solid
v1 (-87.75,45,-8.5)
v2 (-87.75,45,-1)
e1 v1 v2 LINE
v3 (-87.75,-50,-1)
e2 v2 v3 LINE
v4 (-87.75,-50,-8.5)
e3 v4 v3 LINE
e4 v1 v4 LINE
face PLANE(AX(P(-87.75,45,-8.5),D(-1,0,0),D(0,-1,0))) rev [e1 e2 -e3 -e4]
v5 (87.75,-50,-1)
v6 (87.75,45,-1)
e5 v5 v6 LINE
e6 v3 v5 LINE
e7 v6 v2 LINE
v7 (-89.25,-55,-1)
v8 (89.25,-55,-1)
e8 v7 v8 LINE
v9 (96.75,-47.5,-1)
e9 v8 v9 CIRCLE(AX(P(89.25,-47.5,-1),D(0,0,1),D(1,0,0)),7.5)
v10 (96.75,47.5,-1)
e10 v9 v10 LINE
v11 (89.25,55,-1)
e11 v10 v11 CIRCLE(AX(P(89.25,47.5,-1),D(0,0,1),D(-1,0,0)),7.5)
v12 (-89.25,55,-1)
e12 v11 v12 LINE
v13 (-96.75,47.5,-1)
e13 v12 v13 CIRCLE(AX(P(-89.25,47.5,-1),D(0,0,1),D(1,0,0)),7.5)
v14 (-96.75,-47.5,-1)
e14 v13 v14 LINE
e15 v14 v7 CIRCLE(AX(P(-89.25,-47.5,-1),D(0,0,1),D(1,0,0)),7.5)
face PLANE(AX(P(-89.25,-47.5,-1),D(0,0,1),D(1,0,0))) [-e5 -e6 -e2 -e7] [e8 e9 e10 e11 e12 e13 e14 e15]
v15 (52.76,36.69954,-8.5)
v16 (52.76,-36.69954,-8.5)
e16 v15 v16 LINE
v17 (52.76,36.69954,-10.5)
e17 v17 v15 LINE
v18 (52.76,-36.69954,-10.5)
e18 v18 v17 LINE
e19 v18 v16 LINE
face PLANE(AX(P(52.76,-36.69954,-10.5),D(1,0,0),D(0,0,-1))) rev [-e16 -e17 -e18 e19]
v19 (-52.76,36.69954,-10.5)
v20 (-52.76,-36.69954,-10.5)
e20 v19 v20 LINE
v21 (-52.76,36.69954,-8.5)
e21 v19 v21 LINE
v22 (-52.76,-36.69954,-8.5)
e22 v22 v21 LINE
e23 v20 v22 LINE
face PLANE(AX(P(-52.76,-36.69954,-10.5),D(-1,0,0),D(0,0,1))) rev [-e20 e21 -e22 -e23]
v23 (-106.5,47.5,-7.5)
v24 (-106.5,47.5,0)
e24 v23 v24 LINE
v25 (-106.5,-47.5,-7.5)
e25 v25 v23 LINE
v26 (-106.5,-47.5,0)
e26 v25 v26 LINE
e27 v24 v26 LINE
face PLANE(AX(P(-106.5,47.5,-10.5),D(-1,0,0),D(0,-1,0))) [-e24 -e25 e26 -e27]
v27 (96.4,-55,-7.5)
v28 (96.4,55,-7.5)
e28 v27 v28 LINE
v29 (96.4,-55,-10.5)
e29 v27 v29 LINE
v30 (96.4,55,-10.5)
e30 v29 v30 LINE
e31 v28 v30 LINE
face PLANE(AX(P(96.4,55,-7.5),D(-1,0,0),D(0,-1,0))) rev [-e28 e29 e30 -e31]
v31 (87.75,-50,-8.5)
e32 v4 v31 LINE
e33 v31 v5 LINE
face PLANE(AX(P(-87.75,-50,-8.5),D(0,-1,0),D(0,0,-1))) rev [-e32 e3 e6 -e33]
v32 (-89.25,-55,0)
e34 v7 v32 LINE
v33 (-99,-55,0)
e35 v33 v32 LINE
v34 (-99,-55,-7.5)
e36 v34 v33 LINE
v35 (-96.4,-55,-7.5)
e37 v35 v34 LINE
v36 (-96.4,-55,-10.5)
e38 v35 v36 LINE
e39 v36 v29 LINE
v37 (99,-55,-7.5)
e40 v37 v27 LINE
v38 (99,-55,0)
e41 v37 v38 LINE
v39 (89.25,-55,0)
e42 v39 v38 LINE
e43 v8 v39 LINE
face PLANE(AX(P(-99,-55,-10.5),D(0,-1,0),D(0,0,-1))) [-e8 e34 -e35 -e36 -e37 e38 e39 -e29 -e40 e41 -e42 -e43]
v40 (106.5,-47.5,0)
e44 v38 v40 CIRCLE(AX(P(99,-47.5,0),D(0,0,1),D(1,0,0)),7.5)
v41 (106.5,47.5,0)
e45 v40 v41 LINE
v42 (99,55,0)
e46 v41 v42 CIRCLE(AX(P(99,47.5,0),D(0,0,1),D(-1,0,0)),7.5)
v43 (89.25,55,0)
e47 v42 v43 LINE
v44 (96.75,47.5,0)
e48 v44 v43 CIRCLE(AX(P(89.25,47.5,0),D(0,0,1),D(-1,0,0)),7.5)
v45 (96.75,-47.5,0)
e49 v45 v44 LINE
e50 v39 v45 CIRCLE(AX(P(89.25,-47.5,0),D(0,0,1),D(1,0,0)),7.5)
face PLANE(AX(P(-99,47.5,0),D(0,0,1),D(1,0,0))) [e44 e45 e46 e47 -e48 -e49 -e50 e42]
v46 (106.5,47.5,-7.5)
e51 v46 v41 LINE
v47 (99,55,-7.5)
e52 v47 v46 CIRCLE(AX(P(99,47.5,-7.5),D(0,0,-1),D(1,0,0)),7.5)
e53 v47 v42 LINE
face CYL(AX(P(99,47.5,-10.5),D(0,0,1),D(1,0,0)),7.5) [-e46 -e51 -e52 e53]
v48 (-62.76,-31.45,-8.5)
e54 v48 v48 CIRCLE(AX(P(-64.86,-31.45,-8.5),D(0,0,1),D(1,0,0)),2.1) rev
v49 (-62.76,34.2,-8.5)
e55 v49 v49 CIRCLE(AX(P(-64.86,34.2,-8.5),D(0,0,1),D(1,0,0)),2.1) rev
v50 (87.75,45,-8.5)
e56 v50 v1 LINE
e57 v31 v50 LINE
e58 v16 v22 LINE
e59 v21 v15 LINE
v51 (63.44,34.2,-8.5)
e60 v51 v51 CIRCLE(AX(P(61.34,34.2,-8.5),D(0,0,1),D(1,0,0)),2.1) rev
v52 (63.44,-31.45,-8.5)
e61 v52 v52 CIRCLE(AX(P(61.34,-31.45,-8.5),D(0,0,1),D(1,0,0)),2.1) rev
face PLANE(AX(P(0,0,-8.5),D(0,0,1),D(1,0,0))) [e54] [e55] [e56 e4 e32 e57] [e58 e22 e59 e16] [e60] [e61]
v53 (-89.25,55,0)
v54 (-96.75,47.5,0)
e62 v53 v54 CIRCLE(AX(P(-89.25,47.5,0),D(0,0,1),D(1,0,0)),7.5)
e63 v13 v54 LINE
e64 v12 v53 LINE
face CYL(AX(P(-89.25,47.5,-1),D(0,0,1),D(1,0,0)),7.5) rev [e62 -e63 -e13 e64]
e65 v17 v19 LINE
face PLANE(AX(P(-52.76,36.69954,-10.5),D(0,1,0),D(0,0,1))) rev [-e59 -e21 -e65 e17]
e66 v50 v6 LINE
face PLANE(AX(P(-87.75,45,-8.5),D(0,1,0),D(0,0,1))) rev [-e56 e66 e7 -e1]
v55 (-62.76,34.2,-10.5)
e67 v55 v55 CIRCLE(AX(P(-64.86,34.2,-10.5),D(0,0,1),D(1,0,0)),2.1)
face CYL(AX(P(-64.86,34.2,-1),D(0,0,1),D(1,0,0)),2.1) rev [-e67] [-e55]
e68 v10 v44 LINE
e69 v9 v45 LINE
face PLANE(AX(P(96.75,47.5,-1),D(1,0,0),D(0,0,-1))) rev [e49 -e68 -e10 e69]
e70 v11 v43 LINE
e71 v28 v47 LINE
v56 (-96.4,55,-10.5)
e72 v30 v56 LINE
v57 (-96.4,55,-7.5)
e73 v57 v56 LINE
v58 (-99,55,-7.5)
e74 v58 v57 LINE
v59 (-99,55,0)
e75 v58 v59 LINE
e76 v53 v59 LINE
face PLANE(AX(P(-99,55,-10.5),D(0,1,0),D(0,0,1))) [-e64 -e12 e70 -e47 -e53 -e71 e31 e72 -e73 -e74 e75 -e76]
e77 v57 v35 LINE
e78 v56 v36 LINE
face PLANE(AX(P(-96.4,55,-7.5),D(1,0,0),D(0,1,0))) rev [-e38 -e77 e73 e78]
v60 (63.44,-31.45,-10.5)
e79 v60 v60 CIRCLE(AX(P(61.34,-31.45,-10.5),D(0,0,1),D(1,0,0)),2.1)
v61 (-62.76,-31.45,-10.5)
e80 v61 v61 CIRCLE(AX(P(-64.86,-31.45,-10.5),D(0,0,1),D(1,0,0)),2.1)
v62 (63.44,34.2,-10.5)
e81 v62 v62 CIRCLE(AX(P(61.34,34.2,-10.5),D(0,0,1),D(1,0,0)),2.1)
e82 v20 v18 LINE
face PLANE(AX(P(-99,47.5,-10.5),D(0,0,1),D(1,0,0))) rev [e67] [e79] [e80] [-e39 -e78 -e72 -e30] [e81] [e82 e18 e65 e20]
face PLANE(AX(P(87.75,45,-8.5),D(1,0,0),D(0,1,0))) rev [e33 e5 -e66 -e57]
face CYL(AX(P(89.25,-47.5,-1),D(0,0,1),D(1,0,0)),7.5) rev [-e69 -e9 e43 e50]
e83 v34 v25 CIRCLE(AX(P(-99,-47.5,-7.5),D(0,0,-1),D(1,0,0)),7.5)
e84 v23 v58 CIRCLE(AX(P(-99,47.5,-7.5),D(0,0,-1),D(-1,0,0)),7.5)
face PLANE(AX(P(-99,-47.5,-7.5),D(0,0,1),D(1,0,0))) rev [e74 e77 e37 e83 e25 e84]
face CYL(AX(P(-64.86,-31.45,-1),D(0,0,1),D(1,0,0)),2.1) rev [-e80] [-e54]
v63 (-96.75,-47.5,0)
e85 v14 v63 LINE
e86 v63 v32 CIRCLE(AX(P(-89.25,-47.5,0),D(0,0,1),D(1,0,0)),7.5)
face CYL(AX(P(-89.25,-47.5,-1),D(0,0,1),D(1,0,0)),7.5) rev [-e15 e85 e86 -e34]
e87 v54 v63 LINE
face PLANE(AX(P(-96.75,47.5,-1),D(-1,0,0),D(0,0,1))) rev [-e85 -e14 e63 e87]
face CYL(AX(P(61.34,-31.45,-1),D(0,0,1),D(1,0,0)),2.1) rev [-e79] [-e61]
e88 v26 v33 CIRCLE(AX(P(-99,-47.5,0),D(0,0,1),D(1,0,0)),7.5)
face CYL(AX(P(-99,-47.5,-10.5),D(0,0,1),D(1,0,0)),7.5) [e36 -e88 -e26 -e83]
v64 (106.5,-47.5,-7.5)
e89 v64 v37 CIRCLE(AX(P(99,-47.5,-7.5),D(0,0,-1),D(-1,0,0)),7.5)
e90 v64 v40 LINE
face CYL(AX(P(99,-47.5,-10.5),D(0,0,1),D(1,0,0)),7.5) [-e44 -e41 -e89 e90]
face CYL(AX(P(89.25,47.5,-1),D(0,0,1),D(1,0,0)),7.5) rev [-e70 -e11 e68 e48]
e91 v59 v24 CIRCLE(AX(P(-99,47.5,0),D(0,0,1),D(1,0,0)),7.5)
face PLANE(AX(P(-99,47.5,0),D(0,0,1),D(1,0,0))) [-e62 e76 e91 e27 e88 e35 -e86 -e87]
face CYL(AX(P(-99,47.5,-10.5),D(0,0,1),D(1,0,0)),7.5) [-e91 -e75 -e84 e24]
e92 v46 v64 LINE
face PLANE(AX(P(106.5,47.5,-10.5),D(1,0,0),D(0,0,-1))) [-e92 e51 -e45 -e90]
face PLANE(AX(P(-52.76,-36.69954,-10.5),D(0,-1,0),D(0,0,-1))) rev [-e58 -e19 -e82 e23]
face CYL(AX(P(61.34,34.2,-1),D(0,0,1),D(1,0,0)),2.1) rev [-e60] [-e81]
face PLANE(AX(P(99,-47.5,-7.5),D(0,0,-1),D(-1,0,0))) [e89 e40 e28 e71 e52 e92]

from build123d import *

# Parameters (mm, degrees)
BOSS_EXTRUDE1_DEPTH       = 10.5
CUT_EXTRUDE1_DEPTH        = 1
M5X0_8_TAPPED_HOLE1_D     = 4.2
M5X0_8_TAPPED_HOLE1_DEPTH = 12.4
M5X0_8_TAPPED_HOLE1_TIP   = 1.2618073
SKETCH7_W                 = 105.52
SKETCH7_H                 = 73.399079938
CUT_EXTRUDE2_DEPTH        = 121.239344642
SKETCH9_W                 = 175.5
SKETCH9_H                 = 95
CUT_EXTRUDE3_DEPTH        = 7.5
CUT_EXTRUDE4_START        = -3
CUT_EXTRUDE4_DEPTH        = 3


with BuildPart() as part:
    # Sketch1 → Boss-Extrude1 (new body)
    with BuildSketch(Plane.XY):
        with BuildLine():
            Line((-99, 55), (99, 55))
            ThreePointArc((99, 55), (104.303300859, 52.803300859), (106.5, 47.5))
            Line((106.5, 47.5), (106.5, -47.5))
            ThreePointArc((106.5, -47.5), (104.303300859, -52.803300859), (99, -55))
            Line((99, -55), (-99, -55))
            ThreePointArc((-99, -55), (-104.303300859, -52.803300859), (-106.5, -47.5))
            Line((-106.5, -47.5), (-106.5, 47.5))
            ThreePointArc((-106.5, 47.5), (-104.303300859, 52.803300859), (-99, 55))
        make_face()
    extrude(amount=-BOSS_EXTRUDE1_DEPTH)

    # Sketch2 → Cut-Extrude1 (cut)
    with BuildSketch(Plane.XY):
        with BuildLine():
            Line((-89.25, 55), (89.25, 55))
            ThreePointArc((89.25, 55), (94.553300859, 52.803300859), (96.75, 47.5))
            Line((96.75, 47.5), (96.75, -47.5))
            ThreePointArc((96.75, -47.5), (94.553300859, -52.803300859), (89.25, -55))
            Line((89.25, -55), (-89.25, -55))
            ThreePointArc((-89.25, -55), (-94.553300859, -52.803300859), (-96.75, -47.5))
            Line((-96.75, -47.5), (-96.75, 47.5))
            ThreePointArc((-96.75, 47.5), (-94.553300859, 52.803300859), (-89.25, 55))
        make_face()
    extrude(amount=-CUT_EXTRUDE1_DEPTH, mode=Mode.SUBTRACT)

    # M5x0.8 Tapped Hole1
    with Locations(Plane.XY.offset(-1)):
        with Locations((-64.86, 34.2), (61.34, 34.2), (61.34, -31.45), (-64.86, -31.45)):
            Hole(M5X0_8_TAPPED_HOLE1_D / 2, depth=M5X0_8_TAPPED_HOLE1_DEPTH)
            with Locations((0, 0, -(M5X0_8_TAPPED_HOLE1_DEPTH + M5X0_8_TAPPED_HOLE1_TIP / 2))):  # 118° drill point
                Cone(0, M5X0_8_TAPPED_HOLE1_D / 2, M5X0_8_TAPPED_HOLE1_TIP, mode=Mode.SUBTRACT)

    # Sketch7 → Cut-Extrude2 (cut, through all)
    with BuildSketch(Plane.XY.offset(-1)):
        Rectangle(SKETCH7_W, SKETCH7_H)
    extrude(amount=-CUT_EXTRUDE2_DEPTH, mode=Mode.SUBTRACT)

    # Sketch9 → Cut-Extrude3 (cut)
    with BuildSketch(Plane.XY.offset(-1)):
        with Locations((0, -2.5)):
            Rectangle(SKETCH9_W, SKETCH9_H)
    extrude(amount=-CUT_EXTRUDE3_DEPTH, mode=Mode.SUBTRACT)

    # Sketch10 → Cut-Extrude4 (cut)
    with BuildSketch(Plane(origin=(0, 0, -10.5), x_dir=(-1, 0, 0), z_dir=(0, 0, -1)).offset(CUT_EXTRUDE4_START)):
        with BuildLine():
            Line((-96.4, 55), (-99, 55))
            ThreePointArc((-99, 55), (-104.303300859, 52.803300859), (-106.5, 47.5))
            Line((-106.5, 47.5), (-106.5, -47.5))
            ThreePointArc((-106.5, -47.5), (-104.303300859, -52.803300859), (-99, -55))
            Line((-99, -55), (-96.4, -55))
            Line((-96.4, -55), (-96.4, 55))
        make_face()
        with BuildLine():
            Line((96.4, -55), (99, -55))
            ThreePointArc((99, -55), (104.303300859, -52.803300859), (106.5, -47.5))
            Line((106.5, -47.5), (106.5, 47.5))
            ThreePointArc((106.5, 47.5), (104.303300859, 52.803300859), (99, 55))
            Line((99, 55), (96.4, 55))
            Line((96.4, 55), (96.4, -55))
        make_face()
    extrude(amount=CUT_EXTRUDE4_DEPTH, mode=Mode.SUBTRACT)


solid = part.part
